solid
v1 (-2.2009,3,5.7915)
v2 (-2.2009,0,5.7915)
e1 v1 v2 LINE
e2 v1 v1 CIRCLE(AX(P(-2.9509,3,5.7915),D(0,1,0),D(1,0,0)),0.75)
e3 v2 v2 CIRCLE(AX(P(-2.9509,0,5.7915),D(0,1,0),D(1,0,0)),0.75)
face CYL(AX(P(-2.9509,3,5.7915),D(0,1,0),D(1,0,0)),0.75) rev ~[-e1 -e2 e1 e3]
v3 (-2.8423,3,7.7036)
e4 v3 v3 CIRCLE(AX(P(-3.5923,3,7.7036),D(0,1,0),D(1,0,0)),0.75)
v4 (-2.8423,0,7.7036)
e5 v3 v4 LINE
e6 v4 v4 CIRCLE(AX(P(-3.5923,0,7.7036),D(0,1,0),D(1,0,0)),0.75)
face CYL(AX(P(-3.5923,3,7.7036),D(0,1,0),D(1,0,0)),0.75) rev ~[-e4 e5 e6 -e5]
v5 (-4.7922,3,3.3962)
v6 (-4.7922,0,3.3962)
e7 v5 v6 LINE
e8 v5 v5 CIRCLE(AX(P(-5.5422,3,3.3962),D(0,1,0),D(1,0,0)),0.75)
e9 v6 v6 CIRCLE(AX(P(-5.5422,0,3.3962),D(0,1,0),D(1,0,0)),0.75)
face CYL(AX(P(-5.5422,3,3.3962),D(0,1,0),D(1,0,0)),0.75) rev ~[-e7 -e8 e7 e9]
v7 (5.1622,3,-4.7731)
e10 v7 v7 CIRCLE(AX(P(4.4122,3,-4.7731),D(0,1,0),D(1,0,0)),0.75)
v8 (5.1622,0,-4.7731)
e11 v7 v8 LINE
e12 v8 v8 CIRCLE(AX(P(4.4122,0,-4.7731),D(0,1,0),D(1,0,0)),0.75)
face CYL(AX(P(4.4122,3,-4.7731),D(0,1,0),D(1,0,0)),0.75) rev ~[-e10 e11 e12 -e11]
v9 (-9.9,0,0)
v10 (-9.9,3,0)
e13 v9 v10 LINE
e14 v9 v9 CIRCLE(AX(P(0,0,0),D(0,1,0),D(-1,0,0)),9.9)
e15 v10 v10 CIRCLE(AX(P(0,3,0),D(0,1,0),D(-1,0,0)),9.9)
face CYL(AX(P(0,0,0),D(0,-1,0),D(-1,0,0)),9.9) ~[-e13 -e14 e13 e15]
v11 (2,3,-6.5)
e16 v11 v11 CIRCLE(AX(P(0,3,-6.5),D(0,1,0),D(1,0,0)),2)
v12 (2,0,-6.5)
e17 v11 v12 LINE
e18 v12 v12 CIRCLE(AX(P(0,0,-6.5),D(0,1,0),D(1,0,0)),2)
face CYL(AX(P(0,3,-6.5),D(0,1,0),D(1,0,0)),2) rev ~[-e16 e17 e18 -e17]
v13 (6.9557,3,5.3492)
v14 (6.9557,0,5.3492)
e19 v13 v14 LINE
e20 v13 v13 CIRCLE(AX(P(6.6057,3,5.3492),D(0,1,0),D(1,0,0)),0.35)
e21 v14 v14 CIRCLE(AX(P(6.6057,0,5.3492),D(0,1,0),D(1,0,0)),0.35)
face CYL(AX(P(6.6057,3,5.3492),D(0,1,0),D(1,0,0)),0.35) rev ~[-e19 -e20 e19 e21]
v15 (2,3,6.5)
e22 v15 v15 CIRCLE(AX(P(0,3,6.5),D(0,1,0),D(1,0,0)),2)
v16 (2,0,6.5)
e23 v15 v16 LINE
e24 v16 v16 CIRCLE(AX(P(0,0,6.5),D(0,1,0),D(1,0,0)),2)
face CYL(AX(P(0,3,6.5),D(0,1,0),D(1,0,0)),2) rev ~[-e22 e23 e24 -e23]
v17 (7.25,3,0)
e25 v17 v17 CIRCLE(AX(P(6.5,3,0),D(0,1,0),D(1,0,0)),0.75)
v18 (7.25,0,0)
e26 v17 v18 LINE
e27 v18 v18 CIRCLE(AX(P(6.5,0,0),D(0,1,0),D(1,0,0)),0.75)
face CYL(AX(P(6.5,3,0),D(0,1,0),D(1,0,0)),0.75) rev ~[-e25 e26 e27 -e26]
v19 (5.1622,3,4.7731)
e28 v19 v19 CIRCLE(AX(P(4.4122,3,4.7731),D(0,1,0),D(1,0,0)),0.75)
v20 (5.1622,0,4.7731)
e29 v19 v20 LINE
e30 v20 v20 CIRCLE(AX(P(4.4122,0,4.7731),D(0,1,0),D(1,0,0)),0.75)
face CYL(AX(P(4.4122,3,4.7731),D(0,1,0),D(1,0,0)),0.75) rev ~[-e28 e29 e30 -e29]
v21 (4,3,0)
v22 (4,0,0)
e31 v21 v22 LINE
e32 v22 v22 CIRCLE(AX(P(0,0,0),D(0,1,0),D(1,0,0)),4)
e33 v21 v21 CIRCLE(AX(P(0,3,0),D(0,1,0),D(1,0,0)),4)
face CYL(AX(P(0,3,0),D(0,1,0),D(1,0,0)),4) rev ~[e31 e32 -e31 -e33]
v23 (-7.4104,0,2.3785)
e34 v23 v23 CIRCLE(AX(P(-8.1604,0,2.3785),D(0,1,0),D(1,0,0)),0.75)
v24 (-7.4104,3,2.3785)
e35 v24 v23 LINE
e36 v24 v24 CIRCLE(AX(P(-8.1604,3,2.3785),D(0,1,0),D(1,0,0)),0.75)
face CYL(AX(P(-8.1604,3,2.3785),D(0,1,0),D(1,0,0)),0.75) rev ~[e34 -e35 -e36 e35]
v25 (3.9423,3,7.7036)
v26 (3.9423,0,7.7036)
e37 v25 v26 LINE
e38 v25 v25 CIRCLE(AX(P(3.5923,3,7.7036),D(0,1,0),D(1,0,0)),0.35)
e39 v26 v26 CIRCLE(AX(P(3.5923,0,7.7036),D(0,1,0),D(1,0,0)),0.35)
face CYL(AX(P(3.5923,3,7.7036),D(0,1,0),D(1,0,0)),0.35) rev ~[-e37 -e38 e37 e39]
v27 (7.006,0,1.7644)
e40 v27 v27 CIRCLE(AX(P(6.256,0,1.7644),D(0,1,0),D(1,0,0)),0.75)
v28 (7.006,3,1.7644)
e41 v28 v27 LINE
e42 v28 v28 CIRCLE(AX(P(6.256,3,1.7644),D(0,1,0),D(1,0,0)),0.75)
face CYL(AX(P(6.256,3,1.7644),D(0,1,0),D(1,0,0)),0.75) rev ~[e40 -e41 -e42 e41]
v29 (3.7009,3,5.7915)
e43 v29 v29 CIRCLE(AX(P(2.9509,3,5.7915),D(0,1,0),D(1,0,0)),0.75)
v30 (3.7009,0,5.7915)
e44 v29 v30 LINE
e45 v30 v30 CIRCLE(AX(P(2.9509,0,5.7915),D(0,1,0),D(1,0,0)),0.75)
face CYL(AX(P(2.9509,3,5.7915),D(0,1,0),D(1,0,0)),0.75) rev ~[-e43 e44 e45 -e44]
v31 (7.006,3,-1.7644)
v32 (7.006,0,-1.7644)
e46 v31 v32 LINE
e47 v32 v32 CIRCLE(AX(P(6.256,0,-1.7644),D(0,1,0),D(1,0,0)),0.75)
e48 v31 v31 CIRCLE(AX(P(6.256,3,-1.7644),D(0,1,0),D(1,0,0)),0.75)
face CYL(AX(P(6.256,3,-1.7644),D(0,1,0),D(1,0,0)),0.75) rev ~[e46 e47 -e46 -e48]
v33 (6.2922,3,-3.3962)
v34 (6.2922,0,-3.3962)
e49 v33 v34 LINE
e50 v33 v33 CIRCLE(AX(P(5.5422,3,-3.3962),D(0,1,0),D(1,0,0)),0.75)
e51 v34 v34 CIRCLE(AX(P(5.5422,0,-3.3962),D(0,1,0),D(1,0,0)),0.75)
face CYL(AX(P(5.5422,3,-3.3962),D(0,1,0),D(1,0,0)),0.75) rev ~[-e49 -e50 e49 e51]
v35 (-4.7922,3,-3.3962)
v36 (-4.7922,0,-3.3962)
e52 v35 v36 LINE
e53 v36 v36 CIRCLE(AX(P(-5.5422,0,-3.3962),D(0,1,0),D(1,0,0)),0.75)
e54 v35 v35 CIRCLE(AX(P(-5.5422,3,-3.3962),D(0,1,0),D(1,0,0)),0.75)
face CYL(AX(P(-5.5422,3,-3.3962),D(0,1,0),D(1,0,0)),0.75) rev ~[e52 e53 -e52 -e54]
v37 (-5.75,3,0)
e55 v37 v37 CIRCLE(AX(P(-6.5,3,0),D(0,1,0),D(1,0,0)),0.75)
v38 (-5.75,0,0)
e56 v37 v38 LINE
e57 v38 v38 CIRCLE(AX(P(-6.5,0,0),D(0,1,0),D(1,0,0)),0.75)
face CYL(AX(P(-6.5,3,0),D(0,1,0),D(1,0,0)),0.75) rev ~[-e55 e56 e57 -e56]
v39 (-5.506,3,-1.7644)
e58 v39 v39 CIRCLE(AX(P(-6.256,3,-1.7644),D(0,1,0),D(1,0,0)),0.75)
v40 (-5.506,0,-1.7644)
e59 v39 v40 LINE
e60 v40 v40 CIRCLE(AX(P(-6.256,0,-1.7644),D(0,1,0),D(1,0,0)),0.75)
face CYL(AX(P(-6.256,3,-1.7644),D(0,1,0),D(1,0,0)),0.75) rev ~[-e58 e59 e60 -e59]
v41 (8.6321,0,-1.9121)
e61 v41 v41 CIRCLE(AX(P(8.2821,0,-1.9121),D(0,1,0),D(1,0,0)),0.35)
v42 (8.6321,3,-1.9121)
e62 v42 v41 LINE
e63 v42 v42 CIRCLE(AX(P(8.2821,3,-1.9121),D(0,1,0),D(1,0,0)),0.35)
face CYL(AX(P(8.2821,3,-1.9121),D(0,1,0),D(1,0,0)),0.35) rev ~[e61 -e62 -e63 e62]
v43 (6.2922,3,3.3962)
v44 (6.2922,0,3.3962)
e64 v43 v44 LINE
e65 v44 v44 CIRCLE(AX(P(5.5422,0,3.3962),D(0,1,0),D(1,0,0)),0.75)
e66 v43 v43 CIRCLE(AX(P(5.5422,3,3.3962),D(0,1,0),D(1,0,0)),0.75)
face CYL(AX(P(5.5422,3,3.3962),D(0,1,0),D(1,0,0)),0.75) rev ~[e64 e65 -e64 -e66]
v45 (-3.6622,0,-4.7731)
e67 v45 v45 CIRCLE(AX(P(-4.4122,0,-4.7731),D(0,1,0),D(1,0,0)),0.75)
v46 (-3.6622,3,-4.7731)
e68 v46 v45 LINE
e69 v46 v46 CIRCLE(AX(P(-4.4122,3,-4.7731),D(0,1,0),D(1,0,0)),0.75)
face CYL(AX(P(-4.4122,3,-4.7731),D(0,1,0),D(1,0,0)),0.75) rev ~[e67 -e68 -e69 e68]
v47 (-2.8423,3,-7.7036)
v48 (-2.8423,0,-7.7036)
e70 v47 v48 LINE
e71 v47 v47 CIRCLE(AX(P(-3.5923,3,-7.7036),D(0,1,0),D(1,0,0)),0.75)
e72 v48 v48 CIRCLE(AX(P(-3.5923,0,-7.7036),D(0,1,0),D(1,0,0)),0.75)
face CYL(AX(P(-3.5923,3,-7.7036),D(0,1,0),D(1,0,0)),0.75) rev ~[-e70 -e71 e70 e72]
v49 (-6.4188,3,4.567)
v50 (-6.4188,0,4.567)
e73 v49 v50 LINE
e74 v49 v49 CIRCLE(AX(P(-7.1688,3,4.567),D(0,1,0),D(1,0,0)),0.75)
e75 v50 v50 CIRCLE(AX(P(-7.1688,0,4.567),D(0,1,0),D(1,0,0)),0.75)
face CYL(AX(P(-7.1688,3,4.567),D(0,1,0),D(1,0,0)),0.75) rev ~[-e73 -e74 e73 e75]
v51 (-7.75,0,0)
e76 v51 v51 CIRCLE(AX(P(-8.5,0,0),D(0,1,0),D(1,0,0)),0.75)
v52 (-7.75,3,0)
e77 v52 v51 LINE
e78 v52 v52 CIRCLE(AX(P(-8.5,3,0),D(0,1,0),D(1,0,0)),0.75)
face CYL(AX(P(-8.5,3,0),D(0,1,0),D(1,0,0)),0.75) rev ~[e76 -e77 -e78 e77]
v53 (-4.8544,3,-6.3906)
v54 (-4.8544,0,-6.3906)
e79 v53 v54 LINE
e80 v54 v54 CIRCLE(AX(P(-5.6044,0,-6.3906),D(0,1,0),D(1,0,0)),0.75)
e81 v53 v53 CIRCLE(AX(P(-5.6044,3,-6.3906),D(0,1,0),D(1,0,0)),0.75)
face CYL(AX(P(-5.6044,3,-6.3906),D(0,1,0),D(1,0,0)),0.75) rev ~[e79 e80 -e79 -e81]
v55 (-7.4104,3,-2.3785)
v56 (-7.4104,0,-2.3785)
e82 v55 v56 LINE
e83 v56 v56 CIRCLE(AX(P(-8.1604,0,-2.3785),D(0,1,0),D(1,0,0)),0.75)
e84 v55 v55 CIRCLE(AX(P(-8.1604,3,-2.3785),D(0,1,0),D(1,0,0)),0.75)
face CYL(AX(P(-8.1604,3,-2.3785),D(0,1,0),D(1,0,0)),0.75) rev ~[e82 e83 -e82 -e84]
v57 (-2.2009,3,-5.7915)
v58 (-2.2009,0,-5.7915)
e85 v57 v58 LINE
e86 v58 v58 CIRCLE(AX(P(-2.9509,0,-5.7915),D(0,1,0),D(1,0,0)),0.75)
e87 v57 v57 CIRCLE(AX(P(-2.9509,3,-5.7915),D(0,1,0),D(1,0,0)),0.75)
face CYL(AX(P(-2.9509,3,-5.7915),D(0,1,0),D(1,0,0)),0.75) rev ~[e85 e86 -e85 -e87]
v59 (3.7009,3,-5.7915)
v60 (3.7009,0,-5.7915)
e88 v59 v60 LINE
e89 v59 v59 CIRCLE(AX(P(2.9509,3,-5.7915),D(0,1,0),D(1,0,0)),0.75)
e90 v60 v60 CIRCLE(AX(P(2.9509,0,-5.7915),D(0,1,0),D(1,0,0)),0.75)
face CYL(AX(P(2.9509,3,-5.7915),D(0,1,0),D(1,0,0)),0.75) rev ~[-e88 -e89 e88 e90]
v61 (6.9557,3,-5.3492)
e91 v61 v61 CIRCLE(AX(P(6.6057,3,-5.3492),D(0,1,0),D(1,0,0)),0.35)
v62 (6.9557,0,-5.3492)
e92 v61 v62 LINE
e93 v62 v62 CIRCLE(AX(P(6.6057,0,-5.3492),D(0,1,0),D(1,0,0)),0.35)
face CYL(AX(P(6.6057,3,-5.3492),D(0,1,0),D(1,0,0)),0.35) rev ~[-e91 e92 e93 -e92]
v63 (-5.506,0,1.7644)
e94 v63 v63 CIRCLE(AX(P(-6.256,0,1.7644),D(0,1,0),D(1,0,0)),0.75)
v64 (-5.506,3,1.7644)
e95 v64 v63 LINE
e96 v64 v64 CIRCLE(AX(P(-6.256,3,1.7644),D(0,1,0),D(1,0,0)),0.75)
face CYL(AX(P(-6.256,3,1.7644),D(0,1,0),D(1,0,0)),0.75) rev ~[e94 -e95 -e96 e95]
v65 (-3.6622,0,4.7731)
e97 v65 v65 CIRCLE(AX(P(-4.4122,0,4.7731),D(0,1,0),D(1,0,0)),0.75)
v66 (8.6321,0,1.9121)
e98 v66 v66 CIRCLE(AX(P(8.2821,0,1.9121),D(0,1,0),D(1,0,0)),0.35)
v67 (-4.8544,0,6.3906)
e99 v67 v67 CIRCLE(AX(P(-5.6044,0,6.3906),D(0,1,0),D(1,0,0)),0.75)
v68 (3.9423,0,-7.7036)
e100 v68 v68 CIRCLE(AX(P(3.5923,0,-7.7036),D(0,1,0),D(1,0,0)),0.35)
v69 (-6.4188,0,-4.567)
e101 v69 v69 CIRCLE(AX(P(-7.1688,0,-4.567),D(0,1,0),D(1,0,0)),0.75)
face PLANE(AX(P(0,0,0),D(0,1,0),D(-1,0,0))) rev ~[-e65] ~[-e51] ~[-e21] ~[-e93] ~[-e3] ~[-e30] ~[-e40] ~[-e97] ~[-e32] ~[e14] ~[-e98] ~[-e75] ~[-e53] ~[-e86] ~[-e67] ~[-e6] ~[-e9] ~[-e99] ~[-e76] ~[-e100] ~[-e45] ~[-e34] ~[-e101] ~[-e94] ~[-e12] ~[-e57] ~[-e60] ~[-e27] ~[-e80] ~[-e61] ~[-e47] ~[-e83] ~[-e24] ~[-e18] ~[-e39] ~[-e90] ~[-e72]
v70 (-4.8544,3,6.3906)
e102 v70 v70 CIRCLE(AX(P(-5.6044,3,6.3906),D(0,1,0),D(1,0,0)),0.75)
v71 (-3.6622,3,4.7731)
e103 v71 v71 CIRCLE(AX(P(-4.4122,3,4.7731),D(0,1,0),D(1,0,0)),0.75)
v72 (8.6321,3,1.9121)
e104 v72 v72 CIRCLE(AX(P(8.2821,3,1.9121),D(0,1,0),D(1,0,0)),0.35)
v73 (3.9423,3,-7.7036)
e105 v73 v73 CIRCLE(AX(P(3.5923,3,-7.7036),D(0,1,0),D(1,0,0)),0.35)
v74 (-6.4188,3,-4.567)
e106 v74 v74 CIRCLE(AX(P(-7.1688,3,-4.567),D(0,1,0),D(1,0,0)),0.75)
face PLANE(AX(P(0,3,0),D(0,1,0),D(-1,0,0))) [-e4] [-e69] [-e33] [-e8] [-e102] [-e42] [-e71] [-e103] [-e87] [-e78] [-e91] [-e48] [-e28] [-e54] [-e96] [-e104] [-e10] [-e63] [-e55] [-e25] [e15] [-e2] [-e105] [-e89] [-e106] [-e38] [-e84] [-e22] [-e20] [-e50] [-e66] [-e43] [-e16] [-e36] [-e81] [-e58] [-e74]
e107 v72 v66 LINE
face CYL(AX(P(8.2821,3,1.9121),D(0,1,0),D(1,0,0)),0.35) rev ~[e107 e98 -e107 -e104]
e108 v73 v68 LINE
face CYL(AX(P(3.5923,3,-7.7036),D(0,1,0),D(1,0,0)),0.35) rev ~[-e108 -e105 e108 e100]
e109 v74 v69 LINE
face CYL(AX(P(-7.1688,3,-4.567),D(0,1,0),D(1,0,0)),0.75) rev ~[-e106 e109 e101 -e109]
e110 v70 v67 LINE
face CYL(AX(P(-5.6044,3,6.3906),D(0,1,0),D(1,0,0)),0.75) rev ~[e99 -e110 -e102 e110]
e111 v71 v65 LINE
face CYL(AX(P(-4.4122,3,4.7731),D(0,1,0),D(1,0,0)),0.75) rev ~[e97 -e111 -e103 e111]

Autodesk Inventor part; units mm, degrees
ref_plane "YZ Plane" through (0, 0, 0) normal (1, 0, 0) x (0, 1, 0)
ref_plane "XZ Plane" through (0, 0, 0) normal (0, 1, 0) x (-1, 0, 0)
ref_plane "XY Plane" through (0, 0, 0) normal (0, 0, 1) x (1, 0, 0)
sketch "Sketch2" plane through (0, 0, 0) normal (0, 1, 0) x (-1, 0, 0)
  circle A0 centre (0, 0) radius 10 construction
  circle A1 centre (0, 0) radius 9.9
  circle A2 centre (0, 0) radius 5 construction
  circle A3 centre (0, 0) radius 7 construction
  point P0 (0, 7)
  dimension "d8" = 14
  dimension "d5" = 20
  dimension "d6" = 0.1
  dimension "d7" = 10
extrude "Extrusion1" add sketch "Sketch2" along normal blind 3
sketch "Sketch3" plane through (0, 3, 0) normal (0, 1, 0) x (1, 0, 0)
  circle A0 centre (0, 0) radius 6.5 construction
  circle A1 centre (-6.5, 0) radius 0.75
  circle A2 centre (0, 0) radius 4
  circle A3 centre (0, 0) radius 8.5 construction
  circle A4 centre (0, -6.5) radius 2
  circle A5 centre (0, 6.5) radius 2
  circle A6 centre (-6.256, 1.7644) radius 0.75
  circle A7 centre (-5.5422, 3.3962) radius 0.75
  circle A8 centre (-4.4122, 4.7731) radius 0.75
  circle A9 centre (-2.9509, 5.7915) radius 0.75
  circle A10 centre (-6.256, -1.7644) radius 0.75
  circle A11 centre (-5.5422, -3.3962) radius 0.75
  circle A12 centre (-4.4122, -4.7731) radius 0.75
  circle A13 centre (-2.9509, -5.7915) radius 0.75
  circle A14 centre (-8.5, 0) radius 0.75
  circle A15 centre (-8.1604, -2.3785) radius 0.75
  circle A16 centre (-7.1688, -4.567) radius 0.75
  circle A17 centre (-5.6044, -6.3906) radius 0.75
  circle A18 centre (-3.5923, -7.7036) radius 0.75
  circle A19 centre (-8.1604, 2.3785) radius 0.75
  circle A20 centre (-7.1688, 4.567) radius 0.75
  circle A21 centre (-5.6044, 6.3906) radius 0.75
  circle A22 centre (-3.5923, 7.7036) radius 0.75
  circle A23 centre (0, 0) radius 9.9 projected
  line L0 (0, -9.9) -> (0, 9.9) construction
  circle A24 centre (6.5, 0) radius 0.75
  circle A25 centre (6.256, 1.7644) radius 0.75
  circle A26 centre (5.5422, 3.3962) radius 0.75
  circle A27 centre (4.4122, 4.7731) radius 0.75
  circle A28 centre (2.9509, 5.7915) radius 0.75
  circle A29 centre (6.256, -1.7644) radius 0.75
  circle A30 centre (5.5422, -3.3962) radius 0.75
  circle A31 centre (4.4122, -4.7731) radius 0.75
  circle A32 centre (2.9509, -5.7915) radius 0.75
  arc A33 (3.5923, -7.7036) -> (8.5, 0) centre (0, 0) ccw construction
  circle A34 centre (3.5923, -7.7036) radius 0.35
  circle A35 centre (6.6057, -5.3492) radius 0.35
  circle A36 centre (8.2821, -1.9121) radius 0.35
  circle A37 centre (8.2821, 1.9121) radius 0.35
  circle A38 centre (6.6057, 5.3492) radius 0.35
  circle A39 centre (3.5923, 7.7036) radius 0.35
  dimension "d14" = 13
  dimension "d15" = 1.5
  dimension "d16" = 8
  dimension "d17" = 17
  dimension "d18" = 4
  dimension "d19" = 4
  dimension "d22" = 63
  dimension "d26" = 63
  dimension "d28" = 1.5
  dimension "d31" = 65
  dimension "d35" = 65
  dimension "d37" = 0.7
  dimension "d40" = 130
extrude "Extrusion2" cut sketch "Sketch3" against normal blind 3 contours A1 | A2 | A4 | A5 | A6 | A7 | A8 | A9 | A10 | A11 | A12 | A13 | A14 | A15 | A16 | A17 | A18 | A19 | A20 | A21 | A22 | A24 | A25 | A26 | A27 | A28 | A29 | A30 | A31 | A32 | A34 | A35 | A36 | A37 | A38 | A39
properties part number "top_housing_wire_guide"
